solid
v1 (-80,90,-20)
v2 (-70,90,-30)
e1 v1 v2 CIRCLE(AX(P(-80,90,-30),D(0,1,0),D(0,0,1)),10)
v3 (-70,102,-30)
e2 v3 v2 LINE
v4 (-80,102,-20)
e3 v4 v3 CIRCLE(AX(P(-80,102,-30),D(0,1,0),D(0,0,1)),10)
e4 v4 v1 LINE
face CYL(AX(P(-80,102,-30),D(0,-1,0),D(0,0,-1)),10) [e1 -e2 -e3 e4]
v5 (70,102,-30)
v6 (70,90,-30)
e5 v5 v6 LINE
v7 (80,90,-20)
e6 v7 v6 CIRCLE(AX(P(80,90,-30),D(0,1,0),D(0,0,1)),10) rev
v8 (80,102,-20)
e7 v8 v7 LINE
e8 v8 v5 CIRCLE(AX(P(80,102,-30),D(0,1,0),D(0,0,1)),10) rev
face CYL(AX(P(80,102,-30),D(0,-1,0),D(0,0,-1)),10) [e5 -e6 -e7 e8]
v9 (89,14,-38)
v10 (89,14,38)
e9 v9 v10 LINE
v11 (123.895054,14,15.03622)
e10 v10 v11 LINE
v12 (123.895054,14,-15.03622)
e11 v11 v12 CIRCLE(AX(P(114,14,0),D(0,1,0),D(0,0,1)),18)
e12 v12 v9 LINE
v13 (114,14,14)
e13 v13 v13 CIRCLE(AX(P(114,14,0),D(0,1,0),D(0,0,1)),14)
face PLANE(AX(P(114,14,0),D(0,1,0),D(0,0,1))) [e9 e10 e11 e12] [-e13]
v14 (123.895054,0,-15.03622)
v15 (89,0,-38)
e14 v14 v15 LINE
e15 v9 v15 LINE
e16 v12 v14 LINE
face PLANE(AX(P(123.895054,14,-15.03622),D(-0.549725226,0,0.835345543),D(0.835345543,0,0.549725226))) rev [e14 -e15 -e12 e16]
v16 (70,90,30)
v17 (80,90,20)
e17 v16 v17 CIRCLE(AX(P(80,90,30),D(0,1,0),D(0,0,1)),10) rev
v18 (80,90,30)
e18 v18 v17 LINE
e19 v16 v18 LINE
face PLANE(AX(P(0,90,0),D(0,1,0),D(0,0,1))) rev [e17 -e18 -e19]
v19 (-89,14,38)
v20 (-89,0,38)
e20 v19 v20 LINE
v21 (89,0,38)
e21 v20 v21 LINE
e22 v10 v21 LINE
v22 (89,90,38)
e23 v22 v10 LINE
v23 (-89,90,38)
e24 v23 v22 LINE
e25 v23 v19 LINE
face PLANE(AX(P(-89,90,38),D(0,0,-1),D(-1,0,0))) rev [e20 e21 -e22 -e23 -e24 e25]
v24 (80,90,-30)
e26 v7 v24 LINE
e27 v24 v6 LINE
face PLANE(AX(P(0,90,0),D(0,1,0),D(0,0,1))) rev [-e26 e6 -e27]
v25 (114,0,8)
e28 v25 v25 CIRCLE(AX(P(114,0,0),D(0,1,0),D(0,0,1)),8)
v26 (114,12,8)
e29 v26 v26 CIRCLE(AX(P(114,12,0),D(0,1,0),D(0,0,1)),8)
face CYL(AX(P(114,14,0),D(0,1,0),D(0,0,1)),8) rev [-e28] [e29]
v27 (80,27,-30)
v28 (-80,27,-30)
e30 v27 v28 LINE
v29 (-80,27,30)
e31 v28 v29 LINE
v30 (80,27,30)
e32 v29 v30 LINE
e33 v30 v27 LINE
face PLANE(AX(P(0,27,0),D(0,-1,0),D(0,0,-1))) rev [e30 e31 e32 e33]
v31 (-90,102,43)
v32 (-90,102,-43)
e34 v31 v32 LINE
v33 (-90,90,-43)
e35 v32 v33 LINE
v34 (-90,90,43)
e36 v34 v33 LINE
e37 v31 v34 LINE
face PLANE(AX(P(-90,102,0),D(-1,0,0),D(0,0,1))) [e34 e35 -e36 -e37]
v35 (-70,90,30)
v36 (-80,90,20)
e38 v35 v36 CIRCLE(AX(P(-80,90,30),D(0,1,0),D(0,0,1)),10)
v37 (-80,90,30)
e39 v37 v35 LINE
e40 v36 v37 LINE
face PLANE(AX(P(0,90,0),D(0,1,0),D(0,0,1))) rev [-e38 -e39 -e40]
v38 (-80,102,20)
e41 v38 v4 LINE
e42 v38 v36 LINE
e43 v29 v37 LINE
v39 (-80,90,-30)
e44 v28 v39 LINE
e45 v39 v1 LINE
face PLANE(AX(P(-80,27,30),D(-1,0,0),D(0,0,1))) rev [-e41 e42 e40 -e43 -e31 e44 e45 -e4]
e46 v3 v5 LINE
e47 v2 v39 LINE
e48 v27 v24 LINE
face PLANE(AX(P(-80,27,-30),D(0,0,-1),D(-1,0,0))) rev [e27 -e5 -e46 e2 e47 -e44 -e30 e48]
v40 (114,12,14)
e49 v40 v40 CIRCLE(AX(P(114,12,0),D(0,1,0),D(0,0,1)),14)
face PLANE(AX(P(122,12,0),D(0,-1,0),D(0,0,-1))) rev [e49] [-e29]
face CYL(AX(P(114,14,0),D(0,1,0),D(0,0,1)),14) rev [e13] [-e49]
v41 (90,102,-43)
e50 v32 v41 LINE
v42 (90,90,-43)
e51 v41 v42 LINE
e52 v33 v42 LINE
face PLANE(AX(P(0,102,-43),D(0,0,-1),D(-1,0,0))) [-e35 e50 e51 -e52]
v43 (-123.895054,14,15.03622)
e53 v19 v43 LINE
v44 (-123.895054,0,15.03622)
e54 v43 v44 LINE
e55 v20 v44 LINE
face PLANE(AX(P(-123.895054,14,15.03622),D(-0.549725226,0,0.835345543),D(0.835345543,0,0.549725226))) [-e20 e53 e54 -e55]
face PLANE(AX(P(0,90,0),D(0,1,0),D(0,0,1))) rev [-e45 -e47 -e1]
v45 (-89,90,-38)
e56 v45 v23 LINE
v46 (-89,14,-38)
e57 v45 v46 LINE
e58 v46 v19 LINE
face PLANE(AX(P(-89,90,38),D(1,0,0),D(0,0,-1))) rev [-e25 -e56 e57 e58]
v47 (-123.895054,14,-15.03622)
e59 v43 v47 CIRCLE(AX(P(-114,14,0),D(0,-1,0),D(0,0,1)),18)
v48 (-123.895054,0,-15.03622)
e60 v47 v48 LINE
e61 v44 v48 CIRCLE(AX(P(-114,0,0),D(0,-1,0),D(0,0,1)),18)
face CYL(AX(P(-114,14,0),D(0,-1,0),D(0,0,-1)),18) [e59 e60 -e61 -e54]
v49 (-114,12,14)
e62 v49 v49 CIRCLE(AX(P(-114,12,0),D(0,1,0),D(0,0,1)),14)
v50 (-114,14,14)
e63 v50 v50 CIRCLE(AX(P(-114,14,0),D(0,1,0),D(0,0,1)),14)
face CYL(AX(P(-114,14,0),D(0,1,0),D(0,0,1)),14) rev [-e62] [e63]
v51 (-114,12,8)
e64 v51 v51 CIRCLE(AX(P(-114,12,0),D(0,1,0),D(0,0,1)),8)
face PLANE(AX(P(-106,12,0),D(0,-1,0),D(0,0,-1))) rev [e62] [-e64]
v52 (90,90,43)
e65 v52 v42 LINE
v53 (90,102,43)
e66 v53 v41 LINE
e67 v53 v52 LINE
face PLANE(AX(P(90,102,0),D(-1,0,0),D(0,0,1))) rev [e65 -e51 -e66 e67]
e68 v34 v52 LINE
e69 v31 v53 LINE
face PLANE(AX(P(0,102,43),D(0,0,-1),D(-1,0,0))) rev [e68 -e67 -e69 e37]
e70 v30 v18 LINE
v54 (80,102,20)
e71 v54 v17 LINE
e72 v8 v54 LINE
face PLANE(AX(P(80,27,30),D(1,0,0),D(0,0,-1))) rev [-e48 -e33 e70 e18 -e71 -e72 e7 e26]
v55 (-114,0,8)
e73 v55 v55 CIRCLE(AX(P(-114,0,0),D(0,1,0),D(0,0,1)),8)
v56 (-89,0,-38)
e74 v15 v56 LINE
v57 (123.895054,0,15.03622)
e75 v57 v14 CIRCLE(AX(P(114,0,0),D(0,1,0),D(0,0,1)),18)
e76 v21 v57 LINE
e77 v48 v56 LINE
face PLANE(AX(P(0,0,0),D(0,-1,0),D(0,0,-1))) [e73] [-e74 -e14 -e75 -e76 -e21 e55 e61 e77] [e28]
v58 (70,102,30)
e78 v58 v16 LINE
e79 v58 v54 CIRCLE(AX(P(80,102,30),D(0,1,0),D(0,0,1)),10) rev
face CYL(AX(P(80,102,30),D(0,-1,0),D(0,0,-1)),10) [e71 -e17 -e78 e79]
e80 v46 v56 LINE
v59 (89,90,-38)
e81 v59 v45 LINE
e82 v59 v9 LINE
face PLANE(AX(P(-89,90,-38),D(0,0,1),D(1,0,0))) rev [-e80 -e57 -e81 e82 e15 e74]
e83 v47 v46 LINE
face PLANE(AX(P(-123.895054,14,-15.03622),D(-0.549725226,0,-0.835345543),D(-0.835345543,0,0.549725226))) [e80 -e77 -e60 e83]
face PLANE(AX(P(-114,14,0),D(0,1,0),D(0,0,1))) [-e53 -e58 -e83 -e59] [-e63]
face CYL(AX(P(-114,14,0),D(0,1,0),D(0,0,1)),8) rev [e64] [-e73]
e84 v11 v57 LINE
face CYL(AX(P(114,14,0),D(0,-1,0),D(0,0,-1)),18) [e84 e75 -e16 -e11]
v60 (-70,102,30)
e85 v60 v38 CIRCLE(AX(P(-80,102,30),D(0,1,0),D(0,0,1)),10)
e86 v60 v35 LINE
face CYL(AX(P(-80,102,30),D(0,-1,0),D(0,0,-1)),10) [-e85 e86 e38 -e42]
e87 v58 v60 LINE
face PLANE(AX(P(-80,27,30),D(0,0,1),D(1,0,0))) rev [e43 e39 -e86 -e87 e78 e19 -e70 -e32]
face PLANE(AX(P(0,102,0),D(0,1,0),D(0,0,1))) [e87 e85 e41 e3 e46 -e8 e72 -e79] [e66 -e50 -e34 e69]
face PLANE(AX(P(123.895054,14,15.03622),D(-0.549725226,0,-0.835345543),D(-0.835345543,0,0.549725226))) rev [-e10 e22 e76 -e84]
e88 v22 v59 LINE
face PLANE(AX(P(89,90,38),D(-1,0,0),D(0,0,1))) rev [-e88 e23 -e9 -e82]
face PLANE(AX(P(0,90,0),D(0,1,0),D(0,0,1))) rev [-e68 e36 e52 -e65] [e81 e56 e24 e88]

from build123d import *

# Parameters (mm, degrees)
SKETCH1_W                                = 178
SKETCH1_H                                = 76
BOSS_EXTRUDE1_DEPTH                      = 90
BOSS_EXTRUDE2_DEPTH                      = 14
CBORE_FOR_M14_HEX_HEAD_BOLT1_D           = 16
CBORE_FOR_M14_HEX_HEAD_BOLT1_CBORE_D     = 28
CBORE_FOR_M14_HEX_HEAD_BOLT1_CBORE_DEPTH = 2
SKETCH4_W                                = 160
SKETCH4_H                                = 60
CUT_EXTRUDE1_DEPTH                       = 63
SKETCH5_W                                = 180
SKETCH5_H                                = 86
SKETCH5_W_2                              = 178
SKETCH5_H_2                              = 76
BOSS_EXTRUDE4_DEPTH                      = 12


with BuildPart() as part:
    # Sketch1 → Boss-Extrude1 (new body)
    with BuildSketch(Plane(origin=(0, 0, 0), x_dir=(1, 0, 0), z_dir=(0, 1, 0))):
        Rectangle(SKETCH1_W, SKETCH1_H)
    extrude(amount=BOSS_EXTRUDE1_DEPTH)

    # Sketch2 → Boss-Extrude2 (add)
    with BuildSketch(Plane(origin=(0, 0, 0), x_dir=(1, 0, 0), z_dir=(0, 1, 0))):
        with BuildLine():
            Line((123.89505406, 15.036219776), (89, 38))
            Line((89, 38), (89, -38))
            Line((89, -38), (123.89505406, -15.036219776))
            ThreePointArc((123.89505406, -15.036219776), (132, 0), (123.89505406, 15.036219776))
        make_face()
    boss_extrude2 = extrude(amount=BOSS_EXTRUDE2_DEPTH)

    # CBORE for M14 Hex Head Bolt1 (through all)
    with Locations(Plane(origin=(114, 14, 0), x_dir=(0, 0, 1), z_dir=(0, 1, 0))):
        with Locations((0, 0)):
            cbore_for_m14_hex_head_bolt1 = CounterBoreHole(CBORE_FOR_M14_HEX_HEAD_BOLT1_D / 2, CBORE_FOR_M14_HEX_HEAD_BOLT1_CBORE_D / 2, CBORE_FOR_M14_HEX_HEAD_BOLT1_CBORE_DEPTH)

    # Mirror1: Boss-Extrude2, CBORE for M14 Hex Head Bolt1 across plane
    add(boss_extrude2.mirror(Plane(origin=(0, 0, 0), x_dir=(0, 0, 1), z_dir=(1, 0, 0))))
    add(cbore_for_m14_hex_head_bolt1.mirror(Plane(origin=(0, 0, 0), x_dir=(0, 0, 1), z_dir=(1, 0, 0))), mode=Mode.SUBTRACT)

    # Sketch4 → Cut-Extrude1 (cut)
    with BuildSketch(Plane(origin=(0, 90, 0), x_dir=(1, 0, 0), z_dir=(0, 1, 0))):
        Rectangle(SKETCH4_W, SKETCH4_H)
    extrude(amount=-CUT_EXTRUDE1_DEPTH, mode=Mode.SUBTRACT)

    # Sketch5 → Boss-Extrude4 (add)
    # profile 1 of 6: a face of its own
    with BuildSketch(Plane(origin=(0, 90, 0), x_dir=(1, 0, 0), z_dir=(0, 1, 0))):
        Rectangle(SKETCH5_W, SKETCH5_H)
        Rectangle(SKETCH5_W_2, SKETCH5_H_2, mode=Mode.SUBTRACT)
    # profile 2 of 6: a face of its own
    with BuildSketch(Plane(origin=(0, 90, 0), x_dir=(1, 0, 0), z_dir=(0, 1, 0))):
        Rectangle(SKETCH5_W_2, SKETCH5_H_2)
        Polygon((70, -30), (-70, -30), (-80, -30), (-80, -20), (-80, 20), (-80, 30), (-70, 30), (70, 30), (80, 30), (80, 20), (80, -20), (80, -30), align=None, mode=Mode.SUBTRACT)
    # profile 3 of 6: a face of its own
    with BuildSketch(Plane(origin=(0, 90, 0), x_dir=(1, 0, 0), z_dir=(0, 1, 0))):
        with BuildLine():
            Line((-80, 30), (-80, 20))
            ThreePointArc((-80, 20), (-72.928932188, 22.928932188), (-70, 30))
            Line((-70, 30), (-80, 30))
        make_face()
    # profile 4 of 6: a face of its own
    with BuildSketch(Plane(origin=(0, 90, 0), x_dir=(1, 0, 0), z_dir=(0, 1, 0))):
        with BuildLine():
            Line((-80, -30), (-70, -30))
            ThreePointArc((-70, -30), (-72.928932188, -22.928932188), (-80, -20))
            Line((-80, -20), (-80, -30))
        make_face()
    # profile 5 of 6: a face of its own
    with BuildSketch(Plane(origin=(0, 90, 0), x_dir=(1, 0, 0), z_dir=(0, 1, 0))):
        with BuildLine():
            ThreePointArc((80, -20), (72.928932188, -22.928932188), (70, -30))
            Line((70, -30), (80, -30))
            Line((80, -30), (80, -20))
        make_face()
    # profile 6 of 6: a face of its own
    with BuildSketch(Plane(origin=(0, 90, 0), x_dir=(1, 0, 0), z_dir=(0, 1, 0))):
        with BuildLine():
            ThreePointArc((70, 30), (72.928932188, 22.928932188), (80, 20))
            Line((80, 20), (80, 30))
            Line((80, 30), (70, 30))
        make_face()
    extrude(amount=BOSS_EXTRUDE4_DEPTH)


solid = part.part
